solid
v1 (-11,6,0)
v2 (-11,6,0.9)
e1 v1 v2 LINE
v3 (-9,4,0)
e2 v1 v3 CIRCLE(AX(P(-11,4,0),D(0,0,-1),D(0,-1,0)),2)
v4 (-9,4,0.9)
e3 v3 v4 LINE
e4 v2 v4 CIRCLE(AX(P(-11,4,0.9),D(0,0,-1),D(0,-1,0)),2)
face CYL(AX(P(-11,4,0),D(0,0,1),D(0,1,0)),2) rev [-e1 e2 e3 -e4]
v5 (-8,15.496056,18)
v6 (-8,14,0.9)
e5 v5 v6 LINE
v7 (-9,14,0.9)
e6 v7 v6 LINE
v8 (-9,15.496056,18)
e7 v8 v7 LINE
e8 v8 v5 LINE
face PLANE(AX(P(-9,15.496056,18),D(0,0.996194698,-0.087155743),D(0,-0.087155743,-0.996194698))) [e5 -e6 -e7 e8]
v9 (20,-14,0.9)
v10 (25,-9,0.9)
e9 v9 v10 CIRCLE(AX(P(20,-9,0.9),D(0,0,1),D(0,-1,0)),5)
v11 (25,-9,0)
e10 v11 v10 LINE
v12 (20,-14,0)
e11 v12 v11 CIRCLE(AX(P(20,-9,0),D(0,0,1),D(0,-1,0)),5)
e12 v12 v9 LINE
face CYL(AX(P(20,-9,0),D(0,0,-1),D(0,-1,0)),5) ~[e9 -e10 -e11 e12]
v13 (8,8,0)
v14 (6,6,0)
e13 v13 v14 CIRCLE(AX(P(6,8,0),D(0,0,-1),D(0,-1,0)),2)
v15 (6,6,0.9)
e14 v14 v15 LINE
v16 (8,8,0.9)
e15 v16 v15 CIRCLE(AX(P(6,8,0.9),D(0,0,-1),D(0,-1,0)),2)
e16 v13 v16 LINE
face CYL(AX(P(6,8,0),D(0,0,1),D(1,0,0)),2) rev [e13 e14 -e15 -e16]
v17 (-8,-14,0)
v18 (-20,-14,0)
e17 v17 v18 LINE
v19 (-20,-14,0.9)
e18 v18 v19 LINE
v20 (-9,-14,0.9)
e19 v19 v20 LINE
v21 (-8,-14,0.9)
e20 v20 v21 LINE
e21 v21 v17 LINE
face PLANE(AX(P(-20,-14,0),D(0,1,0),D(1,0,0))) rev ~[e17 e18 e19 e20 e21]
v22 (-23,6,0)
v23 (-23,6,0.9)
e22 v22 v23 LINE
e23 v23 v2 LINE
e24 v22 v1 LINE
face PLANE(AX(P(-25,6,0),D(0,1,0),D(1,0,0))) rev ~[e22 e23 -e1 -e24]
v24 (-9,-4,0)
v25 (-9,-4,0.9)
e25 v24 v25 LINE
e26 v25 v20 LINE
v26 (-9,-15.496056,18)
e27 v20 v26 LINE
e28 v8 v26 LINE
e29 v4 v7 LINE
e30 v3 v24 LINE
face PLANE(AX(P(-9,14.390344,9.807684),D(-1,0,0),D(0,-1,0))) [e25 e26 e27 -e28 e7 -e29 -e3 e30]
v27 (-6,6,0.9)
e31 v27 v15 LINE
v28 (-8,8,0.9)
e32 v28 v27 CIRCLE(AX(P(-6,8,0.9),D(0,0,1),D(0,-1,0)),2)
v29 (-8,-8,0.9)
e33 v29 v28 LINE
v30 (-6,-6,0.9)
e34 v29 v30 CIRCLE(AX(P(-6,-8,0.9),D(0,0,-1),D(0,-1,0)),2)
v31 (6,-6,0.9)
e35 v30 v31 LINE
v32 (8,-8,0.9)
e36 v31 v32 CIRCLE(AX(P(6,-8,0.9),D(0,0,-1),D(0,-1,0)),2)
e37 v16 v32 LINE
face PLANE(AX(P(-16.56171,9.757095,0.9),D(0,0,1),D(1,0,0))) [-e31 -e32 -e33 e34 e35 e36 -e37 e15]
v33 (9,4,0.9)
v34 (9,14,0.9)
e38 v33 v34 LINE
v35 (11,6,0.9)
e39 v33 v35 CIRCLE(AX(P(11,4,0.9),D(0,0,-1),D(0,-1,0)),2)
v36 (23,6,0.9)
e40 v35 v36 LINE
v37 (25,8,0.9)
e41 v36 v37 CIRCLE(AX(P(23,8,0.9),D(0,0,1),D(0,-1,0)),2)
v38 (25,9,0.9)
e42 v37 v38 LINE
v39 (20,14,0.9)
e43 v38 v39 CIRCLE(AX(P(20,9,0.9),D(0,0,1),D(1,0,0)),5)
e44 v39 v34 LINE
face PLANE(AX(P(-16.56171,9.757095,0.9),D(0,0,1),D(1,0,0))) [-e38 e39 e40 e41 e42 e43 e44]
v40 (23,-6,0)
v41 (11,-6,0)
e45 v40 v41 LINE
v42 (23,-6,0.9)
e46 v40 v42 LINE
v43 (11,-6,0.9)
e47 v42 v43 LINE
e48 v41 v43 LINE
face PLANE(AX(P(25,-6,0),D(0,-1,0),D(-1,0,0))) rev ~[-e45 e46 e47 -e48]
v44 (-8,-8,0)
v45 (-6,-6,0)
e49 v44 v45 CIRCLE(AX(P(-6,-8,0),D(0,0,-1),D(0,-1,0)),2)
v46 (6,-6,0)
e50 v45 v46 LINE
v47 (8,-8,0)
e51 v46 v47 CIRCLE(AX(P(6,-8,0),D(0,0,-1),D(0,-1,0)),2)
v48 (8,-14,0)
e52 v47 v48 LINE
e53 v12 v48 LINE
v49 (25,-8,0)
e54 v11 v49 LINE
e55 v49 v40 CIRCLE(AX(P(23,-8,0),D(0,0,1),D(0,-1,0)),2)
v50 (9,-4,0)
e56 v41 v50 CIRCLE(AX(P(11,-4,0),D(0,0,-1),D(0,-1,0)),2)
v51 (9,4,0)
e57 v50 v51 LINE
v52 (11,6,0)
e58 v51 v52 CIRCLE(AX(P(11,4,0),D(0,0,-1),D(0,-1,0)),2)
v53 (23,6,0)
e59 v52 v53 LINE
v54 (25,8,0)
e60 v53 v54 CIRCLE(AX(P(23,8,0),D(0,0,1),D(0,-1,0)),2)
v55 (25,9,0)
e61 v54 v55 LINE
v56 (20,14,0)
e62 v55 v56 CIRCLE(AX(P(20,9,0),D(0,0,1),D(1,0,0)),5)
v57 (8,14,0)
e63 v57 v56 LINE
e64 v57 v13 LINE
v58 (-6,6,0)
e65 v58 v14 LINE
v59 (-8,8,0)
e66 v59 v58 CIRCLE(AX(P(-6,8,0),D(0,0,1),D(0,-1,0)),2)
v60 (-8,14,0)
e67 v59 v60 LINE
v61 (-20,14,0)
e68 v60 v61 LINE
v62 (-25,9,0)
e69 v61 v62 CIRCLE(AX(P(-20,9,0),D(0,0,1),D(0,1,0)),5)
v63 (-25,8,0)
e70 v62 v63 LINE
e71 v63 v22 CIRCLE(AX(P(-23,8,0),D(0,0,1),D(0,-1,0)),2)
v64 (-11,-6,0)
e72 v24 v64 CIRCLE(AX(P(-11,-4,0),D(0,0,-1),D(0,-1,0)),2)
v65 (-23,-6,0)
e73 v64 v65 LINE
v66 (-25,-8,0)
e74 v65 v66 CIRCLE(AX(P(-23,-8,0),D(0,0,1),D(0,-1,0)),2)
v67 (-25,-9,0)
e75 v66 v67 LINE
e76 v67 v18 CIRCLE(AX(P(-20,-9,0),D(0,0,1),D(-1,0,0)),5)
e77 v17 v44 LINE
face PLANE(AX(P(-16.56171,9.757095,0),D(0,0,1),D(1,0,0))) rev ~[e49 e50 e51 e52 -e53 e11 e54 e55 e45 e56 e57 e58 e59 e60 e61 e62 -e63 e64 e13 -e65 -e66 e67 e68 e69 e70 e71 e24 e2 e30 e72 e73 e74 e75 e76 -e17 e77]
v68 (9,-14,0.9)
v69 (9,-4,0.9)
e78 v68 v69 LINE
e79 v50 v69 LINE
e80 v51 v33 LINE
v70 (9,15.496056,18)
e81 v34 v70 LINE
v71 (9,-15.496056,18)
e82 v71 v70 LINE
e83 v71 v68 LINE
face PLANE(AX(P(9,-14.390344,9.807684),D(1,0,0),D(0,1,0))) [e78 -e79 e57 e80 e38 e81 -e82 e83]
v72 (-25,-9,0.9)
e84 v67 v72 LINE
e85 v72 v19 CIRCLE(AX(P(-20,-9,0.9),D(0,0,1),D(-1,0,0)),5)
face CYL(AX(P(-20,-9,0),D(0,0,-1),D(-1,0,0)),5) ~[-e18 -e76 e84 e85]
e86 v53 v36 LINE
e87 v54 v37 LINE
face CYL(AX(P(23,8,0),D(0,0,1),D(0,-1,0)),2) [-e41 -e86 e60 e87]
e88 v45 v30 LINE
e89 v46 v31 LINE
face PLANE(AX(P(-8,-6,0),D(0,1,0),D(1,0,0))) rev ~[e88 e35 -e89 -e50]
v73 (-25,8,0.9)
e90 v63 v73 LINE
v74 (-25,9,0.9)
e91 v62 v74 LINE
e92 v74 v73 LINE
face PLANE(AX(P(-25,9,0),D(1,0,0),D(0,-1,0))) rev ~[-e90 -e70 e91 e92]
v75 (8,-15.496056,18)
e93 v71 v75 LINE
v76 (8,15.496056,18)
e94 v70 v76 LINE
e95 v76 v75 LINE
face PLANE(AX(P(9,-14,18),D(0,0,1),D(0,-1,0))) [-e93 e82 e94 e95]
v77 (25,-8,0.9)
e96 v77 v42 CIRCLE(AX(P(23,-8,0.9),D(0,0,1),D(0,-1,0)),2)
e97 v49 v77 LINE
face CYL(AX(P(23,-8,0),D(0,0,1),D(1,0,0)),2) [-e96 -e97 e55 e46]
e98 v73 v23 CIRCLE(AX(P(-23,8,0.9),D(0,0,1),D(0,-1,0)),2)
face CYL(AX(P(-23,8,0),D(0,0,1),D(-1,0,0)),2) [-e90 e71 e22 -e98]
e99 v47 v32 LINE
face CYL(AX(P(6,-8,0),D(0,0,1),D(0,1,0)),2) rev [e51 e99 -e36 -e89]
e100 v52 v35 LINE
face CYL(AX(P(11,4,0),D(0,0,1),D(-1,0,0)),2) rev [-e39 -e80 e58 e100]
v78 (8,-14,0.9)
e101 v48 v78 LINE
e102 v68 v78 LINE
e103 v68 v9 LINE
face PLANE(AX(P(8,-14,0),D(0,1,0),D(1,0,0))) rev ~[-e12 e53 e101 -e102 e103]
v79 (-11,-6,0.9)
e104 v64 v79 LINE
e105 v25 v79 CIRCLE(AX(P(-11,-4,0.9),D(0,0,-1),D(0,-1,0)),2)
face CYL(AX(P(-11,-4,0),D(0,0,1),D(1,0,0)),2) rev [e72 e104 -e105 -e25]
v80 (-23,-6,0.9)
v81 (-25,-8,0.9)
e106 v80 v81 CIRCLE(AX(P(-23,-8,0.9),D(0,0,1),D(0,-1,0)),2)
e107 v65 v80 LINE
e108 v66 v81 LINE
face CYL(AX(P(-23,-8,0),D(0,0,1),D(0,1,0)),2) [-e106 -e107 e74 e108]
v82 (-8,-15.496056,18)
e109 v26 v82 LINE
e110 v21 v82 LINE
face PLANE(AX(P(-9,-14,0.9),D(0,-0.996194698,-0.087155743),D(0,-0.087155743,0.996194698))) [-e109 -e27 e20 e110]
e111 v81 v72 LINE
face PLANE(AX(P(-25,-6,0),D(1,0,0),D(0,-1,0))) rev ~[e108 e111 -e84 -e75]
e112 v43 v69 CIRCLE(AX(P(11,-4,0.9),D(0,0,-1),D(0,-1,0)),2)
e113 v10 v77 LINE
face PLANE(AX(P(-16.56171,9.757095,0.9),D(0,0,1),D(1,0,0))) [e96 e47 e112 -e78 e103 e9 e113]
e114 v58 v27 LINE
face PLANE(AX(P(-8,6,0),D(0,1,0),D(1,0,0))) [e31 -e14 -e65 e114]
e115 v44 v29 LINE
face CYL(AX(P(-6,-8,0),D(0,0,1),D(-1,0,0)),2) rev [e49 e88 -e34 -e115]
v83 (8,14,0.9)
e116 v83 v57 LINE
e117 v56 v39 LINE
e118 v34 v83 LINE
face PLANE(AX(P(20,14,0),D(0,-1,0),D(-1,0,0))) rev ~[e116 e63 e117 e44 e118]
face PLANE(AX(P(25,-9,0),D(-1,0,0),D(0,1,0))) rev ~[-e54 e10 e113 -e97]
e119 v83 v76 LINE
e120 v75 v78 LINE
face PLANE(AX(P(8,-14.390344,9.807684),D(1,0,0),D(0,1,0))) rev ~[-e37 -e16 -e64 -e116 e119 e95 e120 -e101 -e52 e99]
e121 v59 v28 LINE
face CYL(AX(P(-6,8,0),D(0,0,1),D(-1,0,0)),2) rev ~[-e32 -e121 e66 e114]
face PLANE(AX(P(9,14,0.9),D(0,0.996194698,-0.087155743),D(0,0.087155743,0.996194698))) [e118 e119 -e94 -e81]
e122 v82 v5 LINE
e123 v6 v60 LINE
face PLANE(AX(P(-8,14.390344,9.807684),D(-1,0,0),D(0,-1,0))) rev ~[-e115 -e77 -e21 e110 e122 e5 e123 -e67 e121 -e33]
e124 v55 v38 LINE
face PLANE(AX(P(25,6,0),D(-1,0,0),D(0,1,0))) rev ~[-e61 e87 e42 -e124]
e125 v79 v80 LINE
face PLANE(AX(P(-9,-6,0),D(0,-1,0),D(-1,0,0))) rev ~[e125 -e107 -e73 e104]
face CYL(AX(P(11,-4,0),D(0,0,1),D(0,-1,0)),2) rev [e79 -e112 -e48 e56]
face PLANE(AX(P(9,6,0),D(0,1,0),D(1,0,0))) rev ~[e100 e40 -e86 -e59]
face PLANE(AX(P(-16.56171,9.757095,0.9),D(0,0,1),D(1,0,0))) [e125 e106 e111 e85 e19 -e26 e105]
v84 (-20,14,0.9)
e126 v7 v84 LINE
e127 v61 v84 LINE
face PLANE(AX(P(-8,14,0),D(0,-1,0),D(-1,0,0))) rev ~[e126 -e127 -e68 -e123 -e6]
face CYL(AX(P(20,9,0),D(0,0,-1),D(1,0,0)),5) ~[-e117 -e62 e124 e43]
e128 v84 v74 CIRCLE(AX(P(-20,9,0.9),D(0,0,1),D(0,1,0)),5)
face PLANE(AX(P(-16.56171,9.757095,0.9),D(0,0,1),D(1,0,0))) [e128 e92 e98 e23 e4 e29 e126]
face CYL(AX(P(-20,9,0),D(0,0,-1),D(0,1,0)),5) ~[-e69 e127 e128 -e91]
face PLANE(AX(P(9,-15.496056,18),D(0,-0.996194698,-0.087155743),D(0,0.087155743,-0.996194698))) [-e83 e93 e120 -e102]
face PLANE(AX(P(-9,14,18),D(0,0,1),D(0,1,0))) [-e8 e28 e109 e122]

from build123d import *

# Parameters (mm, degrees)
F0_W     = 1
F0_H     = 8
F0_H_2   = 12
F0_W_2   = 16
F1_DEPTH = 0.9
F2_DEPTH = 18
F3_R     = 2
F5_DEPTH = 1
F7_DEPTH = 1


with BuildPart() as f1:
    # F0 (on Top) → F1 (new body)
    with BuildSketch(Plane.XY):
        with BuildLine():
            Line((-9, 14), (-20, 14))
            ThreePointArc((-20, 14), (-23.5355339059, 12.5355339059), (-25, 9))
            Line((-25, 9), (-25, 6))
            Line((-25, 6), (-9, 6))
            Line((-9, 6), (-9, 14))
        make_face()
        with Locations((-8.5, 10)):
            Rectangle(F0_W, F0_H)
        with Locations((-8.5, 0)):
            Rectangle(F0_W, F0_H_2)
        with Locations((-8.5, -10)):
            Rectangle(F0_W, F0_H)
        with BuildLine():
            Line((-9, -14), (-9, -6))
            Line((-9, -6), (-25, -6))
            Line((-25, -6), (-25, -9))
            ThreePointArc((-25, -9), (-23.5355339059, -12.5355339059), (-20, -14))
            Line((-20, -14), (-9, -14))
        make_face()
        with BuildLine():
            Line((25, -6), (9, -6))
            Line((9, -6), (9, -14))
            Line((9, -14), (20, -14))
            ThreePointArc((20, -14), (23.5355339059, -12.5355339059), (25, -9))
            Line((25, -9), (25, -6))
        make_face()
        with BuildLine():
            Line((20, 14), (9, 14))
            Line((9, 14), (9, 6))
            Line((9, 6), (25, 6))
            Line((25, 6), (25, 9))
            ThreePointArc((25, 9), (23.5355339059, 12.5355339059), (20, 14))
        make_face()
        with Locations((8.5, 10)):
            Rectangle(F0_W, F0_H)
        with Locations((8.5, 0)):
            Rectangle(F0_W, F0_H_2)
        with Locations((8.5, -10)):
            Rectangle(F0_W, F0_H)
        Rectangle(F0_W_2, F0_H_2)
    extrude(amount=F1_DEPTH)

    # F0 (on Top) → F2 (join)
    with BuildSketch(Plane.XY):
        with Locations((-8.5, -10)):
            Rectangle(F0_W, F0_H)
        with Locations((-8.5, 0)):
            Rectangle(F0_W, F0_H_2)
        with Locations((-8.5, 10)):
            Rectangle(F0_W, F0_H)
        with Locations((8.5, 10)):
            Rectangle(F0_W, F0_H)
        with Locations((8.5, 0)):
            Rectangle(F0_W, F0_H_2)
        with Locations((8.5, -10)):
            Rectangle(F0_W, F0_H)
    extrude(amount=F2_DEPTH)

    # F3
    f3_edges = [f1.edges().sort_by_distance(p)[0] for p in [
        (-25, 6, 0.45),
        (-9, 6, 0.45),
        (-9, -6, 0.45),
        (-25, -6, 0.45),
        (-8, 6, 0.45),
        (8, 6, 0.45),
        (25, 6, 0.45),
        (25, -6, 0.45),
        (9, 6, 0.45),
        (9, -6, 0.45),
        (8, -6, 0.45),
        (-8, -6, 0.45),
    ]]
    fillet(f3_edges, radius=F3_R)

    # F4 (on face) → F5 (join)
    with BuildSketch(Plane.YZ.offset(9)):
        Polygon((-15.4960561463, 18), (-14, 0.9), (-14, 18), align=None)
        Polygon((15.4960561463, 18), (14, 18), (14, 0.9), align=None)
    extrude(amount=-F5_DEPTH)

    # F6 (on face) → F7 (join)
    with BuildSketch(Plane(origin=(-9, 0, 0), x_dir=(0, -1, 0), z_dir=(-1, 0, 0))):
        Polygon((-14, 0.9), (-14, 18), (-15.4960561463, 18), align=None)
        Polygon((15.4960561463, 18), (14, 18), (14, 0.9), align=None)
    extrude(amount=-F7_DEPTH)


solid = f1.part
